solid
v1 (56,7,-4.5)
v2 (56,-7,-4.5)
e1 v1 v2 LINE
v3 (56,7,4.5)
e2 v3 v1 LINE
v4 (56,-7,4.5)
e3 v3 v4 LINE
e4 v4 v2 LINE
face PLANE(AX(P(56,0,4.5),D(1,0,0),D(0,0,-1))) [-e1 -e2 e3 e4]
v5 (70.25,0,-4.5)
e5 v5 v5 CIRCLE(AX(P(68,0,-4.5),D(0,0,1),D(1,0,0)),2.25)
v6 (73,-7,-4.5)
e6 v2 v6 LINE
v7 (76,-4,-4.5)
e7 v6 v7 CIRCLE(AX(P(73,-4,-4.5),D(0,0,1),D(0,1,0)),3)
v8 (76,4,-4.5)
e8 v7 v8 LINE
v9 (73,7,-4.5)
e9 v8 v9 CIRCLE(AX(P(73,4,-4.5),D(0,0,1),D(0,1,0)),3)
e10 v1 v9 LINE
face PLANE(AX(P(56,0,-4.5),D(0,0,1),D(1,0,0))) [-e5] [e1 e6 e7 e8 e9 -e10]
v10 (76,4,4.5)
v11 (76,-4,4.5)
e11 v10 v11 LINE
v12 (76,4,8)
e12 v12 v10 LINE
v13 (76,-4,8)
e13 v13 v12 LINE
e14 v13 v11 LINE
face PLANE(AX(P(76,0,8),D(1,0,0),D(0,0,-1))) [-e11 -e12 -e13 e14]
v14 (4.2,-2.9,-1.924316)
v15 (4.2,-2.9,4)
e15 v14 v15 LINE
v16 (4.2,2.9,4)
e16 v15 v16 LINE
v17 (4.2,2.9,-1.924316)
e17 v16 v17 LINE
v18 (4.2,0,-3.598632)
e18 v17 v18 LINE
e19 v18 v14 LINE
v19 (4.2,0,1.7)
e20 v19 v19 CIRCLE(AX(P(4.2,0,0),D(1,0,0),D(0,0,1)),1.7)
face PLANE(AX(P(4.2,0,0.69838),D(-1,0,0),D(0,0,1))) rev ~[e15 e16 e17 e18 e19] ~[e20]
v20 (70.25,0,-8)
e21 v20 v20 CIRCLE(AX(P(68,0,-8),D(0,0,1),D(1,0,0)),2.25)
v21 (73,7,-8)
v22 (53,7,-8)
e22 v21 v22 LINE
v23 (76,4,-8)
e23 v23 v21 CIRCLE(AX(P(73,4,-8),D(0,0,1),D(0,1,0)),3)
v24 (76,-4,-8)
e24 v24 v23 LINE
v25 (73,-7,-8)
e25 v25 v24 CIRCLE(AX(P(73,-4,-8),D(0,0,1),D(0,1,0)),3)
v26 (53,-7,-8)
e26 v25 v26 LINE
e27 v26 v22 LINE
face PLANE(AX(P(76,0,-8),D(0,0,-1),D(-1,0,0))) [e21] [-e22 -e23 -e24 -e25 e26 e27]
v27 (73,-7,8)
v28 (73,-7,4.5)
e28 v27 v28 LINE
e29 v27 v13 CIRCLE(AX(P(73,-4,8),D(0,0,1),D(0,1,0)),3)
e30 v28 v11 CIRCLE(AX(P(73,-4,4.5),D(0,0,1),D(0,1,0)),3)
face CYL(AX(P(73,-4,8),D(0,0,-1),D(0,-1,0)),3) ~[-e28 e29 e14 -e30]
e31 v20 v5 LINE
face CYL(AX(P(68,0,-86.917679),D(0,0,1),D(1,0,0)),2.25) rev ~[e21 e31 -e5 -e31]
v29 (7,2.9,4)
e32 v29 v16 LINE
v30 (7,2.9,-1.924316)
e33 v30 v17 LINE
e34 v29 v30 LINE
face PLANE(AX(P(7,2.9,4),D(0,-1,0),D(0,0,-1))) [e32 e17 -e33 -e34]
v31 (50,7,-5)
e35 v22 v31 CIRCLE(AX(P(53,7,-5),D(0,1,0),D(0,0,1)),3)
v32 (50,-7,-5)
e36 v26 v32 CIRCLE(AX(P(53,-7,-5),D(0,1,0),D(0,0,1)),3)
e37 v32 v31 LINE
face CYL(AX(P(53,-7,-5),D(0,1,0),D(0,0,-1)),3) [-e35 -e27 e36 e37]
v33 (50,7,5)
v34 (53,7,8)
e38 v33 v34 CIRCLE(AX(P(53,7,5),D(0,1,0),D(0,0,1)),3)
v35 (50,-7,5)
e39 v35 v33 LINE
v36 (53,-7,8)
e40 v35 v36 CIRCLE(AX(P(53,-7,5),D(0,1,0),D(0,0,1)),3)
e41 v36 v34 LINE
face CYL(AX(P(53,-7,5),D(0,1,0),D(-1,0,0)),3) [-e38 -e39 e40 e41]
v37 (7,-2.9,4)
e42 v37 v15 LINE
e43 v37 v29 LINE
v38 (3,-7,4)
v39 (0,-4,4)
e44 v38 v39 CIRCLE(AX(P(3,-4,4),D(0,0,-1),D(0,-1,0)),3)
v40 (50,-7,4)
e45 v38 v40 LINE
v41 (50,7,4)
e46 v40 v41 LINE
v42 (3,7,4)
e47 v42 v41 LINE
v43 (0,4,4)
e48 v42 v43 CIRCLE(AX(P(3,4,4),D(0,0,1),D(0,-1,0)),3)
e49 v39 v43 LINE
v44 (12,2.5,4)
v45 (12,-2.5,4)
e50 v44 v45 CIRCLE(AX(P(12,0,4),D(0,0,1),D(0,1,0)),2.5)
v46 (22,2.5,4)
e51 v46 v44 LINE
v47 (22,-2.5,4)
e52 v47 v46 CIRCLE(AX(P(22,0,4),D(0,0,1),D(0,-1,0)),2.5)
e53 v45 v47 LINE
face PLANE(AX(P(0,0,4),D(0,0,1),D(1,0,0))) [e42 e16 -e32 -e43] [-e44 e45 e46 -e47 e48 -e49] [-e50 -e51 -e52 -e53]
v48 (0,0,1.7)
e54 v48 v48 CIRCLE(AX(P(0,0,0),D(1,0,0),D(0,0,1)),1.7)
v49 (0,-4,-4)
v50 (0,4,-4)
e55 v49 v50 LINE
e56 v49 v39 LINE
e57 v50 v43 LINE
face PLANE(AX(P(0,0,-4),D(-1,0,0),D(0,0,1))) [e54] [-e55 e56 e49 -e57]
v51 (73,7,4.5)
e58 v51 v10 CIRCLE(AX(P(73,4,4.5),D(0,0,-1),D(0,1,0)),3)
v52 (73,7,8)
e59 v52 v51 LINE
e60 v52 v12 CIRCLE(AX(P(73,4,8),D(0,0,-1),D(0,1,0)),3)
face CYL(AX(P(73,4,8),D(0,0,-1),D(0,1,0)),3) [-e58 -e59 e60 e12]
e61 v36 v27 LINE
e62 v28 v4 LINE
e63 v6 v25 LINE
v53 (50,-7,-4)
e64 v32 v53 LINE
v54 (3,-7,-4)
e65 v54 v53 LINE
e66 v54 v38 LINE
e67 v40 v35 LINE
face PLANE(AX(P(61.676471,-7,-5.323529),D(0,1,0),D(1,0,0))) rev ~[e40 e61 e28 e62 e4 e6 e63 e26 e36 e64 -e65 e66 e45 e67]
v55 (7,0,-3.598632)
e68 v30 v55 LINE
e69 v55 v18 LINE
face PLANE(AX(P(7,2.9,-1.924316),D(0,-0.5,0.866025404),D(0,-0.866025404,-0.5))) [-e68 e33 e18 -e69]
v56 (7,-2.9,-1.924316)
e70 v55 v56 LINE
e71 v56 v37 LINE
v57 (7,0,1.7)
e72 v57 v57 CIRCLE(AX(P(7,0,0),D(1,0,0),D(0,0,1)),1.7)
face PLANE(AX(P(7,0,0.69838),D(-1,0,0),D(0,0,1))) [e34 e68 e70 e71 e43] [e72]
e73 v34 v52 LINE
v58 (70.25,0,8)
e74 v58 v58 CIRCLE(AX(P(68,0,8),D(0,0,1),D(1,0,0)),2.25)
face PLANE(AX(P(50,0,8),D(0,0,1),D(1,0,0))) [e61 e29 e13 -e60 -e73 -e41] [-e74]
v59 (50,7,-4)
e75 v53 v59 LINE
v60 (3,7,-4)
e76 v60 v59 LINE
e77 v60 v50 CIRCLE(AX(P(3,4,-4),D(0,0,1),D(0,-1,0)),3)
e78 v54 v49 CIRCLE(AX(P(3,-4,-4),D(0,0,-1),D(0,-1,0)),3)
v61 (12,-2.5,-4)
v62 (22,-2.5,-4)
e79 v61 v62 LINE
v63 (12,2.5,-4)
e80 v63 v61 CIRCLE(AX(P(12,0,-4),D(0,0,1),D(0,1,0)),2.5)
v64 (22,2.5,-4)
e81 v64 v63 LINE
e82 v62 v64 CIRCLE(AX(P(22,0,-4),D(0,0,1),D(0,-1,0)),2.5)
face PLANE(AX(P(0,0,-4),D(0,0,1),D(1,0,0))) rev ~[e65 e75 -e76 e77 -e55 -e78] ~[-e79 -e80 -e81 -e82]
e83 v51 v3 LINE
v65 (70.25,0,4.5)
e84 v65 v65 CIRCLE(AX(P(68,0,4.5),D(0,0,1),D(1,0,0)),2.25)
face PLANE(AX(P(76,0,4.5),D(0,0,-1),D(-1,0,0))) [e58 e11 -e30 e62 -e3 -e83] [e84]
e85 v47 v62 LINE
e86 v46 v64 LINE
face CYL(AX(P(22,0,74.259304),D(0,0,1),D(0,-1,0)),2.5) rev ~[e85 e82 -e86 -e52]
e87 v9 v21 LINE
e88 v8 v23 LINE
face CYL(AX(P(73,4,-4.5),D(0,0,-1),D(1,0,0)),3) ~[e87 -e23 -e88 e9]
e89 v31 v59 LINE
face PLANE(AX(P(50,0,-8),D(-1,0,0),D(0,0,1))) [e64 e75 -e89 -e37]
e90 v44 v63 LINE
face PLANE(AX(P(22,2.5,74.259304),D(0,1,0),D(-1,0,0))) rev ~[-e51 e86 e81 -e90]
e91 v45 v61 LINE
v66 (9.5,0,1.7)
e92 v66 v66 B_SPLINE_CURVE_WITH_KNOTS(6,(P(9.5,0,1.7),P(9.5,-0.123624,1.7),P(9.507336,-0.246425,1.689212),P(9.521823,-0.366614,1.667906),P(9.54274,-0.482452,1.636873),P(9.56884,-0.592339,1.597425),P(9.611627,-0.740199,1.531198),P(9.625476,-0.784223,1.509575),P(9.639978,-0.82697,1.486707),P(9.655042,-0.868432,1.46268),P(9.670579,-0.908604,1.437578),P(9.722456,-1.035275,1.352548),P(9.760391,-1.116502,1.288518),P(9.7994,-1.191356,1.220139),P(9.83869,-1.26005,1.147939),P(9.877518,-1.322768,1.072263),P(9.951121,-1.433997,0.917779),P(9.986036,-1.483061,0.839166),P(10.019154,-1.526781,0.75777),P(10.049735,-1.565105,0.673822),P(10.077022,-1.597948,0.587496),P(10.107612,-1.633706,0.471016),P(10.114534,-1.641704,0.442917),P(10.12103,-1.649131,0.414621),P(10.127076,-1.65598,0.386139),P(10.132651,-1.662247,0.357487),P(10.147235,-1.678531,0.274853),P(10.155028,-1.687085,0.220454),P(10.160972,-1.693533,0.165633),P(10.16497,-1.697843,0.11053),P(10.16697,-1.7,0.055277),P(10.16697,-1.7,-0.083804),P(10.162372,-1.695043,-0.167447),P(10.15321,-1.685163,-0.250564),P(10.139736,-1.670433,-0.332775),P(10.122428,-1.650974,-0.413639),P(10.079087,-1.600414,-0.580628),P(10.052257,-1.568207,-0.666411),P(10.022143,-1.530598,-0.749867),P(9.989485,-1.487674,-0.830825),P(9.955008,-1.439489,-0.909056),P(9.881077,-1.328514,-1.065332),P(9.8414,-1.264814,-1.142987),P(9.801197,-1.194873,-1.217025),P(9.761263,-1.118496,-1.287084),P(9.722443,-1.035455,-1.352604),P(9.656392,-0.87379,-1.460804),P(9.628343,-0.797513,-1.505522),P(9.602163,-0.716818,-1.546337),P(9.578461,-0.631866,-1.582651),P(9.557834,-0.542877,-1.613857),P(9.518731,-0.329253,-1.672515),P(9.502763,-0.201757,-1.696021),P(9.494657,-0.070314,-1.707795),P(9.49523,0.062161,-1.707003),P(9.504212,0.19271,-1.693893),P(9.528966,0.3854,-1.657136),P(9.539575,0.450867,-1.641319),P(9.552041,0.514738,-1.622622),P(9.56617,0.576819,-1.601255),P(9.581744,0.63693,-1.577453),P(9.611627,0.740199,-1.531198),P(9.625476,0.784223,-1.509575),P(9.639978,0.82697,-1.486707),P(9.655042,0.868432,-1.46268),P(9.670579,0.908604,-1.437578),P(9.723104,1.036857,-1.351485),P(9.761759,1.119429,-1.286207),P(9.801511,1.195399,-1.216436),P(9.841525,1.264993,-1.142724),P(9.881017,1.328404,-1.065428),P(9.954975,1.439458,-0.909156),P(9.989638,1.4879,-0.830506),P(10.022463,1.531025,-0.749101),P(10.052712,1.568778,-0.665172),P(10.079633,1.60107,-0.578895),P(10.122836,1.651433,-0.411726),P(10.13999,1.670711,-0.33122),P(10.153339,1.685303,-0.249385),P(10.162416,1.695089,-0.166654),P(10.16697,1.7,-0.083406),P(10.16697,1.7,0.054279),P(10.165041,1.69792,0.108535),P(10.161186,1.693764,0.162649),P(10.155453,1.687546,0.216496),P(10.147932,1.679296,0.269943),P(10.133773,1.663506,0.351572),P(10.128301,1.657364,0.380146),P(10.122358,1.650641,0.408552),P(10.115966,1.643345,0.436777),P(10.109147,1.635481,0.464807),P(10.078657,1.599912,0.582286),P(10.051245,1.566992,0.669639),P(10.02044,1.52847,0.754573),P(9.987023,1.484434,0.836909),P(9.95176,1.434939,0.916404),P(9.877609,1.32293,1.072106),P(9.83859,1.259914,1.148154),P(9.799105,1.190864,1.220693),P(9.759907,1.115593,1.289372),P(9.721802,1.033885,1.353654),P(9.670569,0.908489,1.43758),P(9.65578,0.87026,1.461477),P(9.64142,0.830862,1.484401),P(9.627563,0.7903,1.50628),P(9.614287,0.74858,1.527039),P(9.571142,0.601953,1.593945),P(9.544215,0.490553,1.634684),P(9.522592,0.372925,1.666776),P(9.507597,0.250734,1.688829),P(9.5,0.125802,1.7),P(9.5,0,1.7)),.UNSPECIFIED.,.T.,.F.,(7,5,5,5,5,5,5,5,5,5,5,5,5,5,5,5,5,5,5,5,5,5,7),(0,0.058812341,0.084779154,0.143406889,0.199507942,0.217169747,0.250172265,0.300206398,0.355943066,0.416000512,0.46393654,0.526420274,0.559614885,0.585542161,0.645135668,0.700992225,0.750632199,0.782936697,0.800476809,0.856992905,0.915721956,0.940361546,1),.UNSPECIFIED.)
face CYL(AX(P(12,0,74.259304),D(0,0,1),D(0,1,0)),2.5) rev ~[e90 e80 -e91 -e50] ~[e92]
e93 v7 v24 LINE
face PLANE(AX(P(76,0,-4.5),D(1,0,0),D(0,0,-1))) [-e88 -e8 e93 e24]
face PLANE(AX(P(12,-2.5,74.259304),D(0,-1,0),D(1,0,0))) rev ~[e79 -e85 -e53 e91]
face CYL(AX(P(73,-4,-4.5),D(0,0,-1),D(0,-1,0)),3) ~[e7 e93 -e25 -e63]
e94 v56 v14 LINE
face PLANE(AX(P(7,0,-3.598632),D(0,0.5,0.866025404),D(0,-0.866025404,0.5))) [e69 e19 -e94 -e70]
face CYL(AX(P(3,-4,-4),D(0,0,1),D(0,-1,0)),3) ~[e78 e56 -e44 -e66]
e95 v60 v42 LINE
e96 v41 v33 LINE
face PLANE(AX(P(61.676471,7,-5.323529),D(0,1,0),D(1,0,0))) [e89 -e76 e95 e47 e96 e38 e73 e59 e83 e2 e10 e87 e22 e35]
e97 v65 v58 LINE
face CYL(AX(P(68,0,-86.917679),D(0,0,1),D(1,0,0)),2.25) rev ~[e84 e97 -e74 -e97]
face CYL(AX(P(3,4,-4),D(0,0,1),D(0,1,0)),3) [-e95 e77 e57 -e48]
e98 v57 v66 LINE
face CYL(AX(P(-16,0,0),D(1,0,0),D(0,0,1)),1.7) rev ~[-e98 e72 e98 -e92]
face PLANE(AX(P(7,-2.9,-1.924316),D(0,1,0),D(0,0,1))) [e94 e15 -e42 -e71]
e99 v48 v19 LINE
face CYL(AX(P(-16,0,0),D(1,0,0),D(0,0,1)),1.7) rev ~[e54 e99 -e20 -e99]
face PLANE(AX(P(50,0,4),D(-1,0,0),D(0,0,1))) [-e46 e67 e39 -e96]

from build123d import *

# Parameters (mm, degrees)
SKETCH1_W                = 50
SKETCH1_H                = 4
BOSS_EXTRUDE1_DEPTH      = 7
M4_CLEARANCE_HOLE1_D     = 4.5
CUT_EXTRUDE1_DEPTH       = 78.259303647
CUT_EXTRUDE1_DEPTH_BACK  = 78.259303647
CUT_EXTRUDE2_DEPTH       = 2.8
M3_CLEARANCE_HOLE1_D     = 3.4
M3_CLEARANCE_HOLE1_DEPTH = 16
M3_CLEARANCE_HOLE1_TIP   = 1.021463052
FILLET1_R                = 3


with BuildPart() as part:
    # Sketch1 → Boss-Extrude1 (new, symmetric)
    with BuildSketch(Plane(origin=(0, 0, 0), x_dir=(1, 0, 0), z_dir=(0, 1, 0))):
        Polygon((50, 4), (50, 0), (56, 0), (56, 4.5), (76, 4.5), (76, 8), (50, 8), align=None)
        Polygon((50, 0), (50, -4), (50, -8), (76, -8), (76, -4.5), (56, -4.5), (56, 0), align=None)
        with Locations((25, 2)):
            Rectangle(SKETCH1_W, SKETCH1_H)
        with Locations((25, -2)):
            Rectangle(SKETCH1_W, SKETCH1_H)
    extrude(amount=BOSS_EXTRUDE1_DEPTH, both=True)

    # M4 Clearance Hole1 (through all)
    with Locations(Plane(origin=(0, 0, -8), x_dir=(-1, 0, 0), z_dir=(0, 0, -1))):
        with Locations((-68, 0)):
            Hole(M4_CLEARANCE_HOLE1_D / 2)

    # Sketch6 → Cut-Extrude1 (cut, two sides: drawn at the far end of the back side and taken through both)
    with BuildSketch(Plane(origin=(0, 0, -4), x_dir=(-1, 0, 0), z_dir=(0, 0, -1)).offset(-CUT_EXTRUDE1_DEPTH_BACK)):
        with BuildLine():
            Line((-12, -2.5), (-22, -2.5))
            ThreePointArc((-22, -2.5), (-24.5, 0), (-22, 2.5))
            Line((-22, 2.5), (-12, 2.5))
            ThreePointArc((-12, 2.5), (-9.5, 0), (-12, -2.5))
        make_face()
    extrude(amount=CUT_EXTRUDE1_DEPTH + CUT_EXTRUDE1_DEPTH_BACK, mode=Mode.SUBTRACT)

    # Sketch7 → Cut-Extrude2 (cut)
    with BuildSketch(Plane.ZY.offset(-7)):
        Polygon((4, 2.9), (-1.924315781, 2.9), (-3.598631561, 0), (-1.924315781, -2.9), (4, -2.9), align=None)
    extrude(amount=CUT_EXTRUDE2_DEPTH, mode=Mode.SUBTRACT)

    # M3 Clearance Hole1
    with Locations(Plane(origin=(0, 0, 0), x_dir=(0, 0, -1), z_dir=(-1, 0, 0))):
        with Locations((0, 0)):
            Hole(M3_CLEARANCE_HOLE1_D / 2, depth=M3_CLEARANCE_HOLE1_DEPTH)
            with Locations((0, 0, -(M3_CLEARANCE_HOLE1_DEPTH + M3_CLEARANCE_HOLE1_TIP / 2))):  # 118° drill point
                Cone(0, M3_CLEARANCE_HOLE1_D / 2, M3_CLEARANCE_HOLE1_TIP, mode=Mode.SUBTRACT)

    # Fillet1
    fillet1_edges = [part.edges().sort_by_distance(p)[0] for p in [
        (0, 7, 0),
        (76, -7, -6.25),
        (76, -7, 6.25),
        (0, -7, 0),
        (50, 0, -8),
        (50, 0, 8),
        (76, 7, 6.25),
        (76, 7, -6.25),
    ]]
    fillet(fillet1_edges, radius=FILLET1_R)


solid = part.part
